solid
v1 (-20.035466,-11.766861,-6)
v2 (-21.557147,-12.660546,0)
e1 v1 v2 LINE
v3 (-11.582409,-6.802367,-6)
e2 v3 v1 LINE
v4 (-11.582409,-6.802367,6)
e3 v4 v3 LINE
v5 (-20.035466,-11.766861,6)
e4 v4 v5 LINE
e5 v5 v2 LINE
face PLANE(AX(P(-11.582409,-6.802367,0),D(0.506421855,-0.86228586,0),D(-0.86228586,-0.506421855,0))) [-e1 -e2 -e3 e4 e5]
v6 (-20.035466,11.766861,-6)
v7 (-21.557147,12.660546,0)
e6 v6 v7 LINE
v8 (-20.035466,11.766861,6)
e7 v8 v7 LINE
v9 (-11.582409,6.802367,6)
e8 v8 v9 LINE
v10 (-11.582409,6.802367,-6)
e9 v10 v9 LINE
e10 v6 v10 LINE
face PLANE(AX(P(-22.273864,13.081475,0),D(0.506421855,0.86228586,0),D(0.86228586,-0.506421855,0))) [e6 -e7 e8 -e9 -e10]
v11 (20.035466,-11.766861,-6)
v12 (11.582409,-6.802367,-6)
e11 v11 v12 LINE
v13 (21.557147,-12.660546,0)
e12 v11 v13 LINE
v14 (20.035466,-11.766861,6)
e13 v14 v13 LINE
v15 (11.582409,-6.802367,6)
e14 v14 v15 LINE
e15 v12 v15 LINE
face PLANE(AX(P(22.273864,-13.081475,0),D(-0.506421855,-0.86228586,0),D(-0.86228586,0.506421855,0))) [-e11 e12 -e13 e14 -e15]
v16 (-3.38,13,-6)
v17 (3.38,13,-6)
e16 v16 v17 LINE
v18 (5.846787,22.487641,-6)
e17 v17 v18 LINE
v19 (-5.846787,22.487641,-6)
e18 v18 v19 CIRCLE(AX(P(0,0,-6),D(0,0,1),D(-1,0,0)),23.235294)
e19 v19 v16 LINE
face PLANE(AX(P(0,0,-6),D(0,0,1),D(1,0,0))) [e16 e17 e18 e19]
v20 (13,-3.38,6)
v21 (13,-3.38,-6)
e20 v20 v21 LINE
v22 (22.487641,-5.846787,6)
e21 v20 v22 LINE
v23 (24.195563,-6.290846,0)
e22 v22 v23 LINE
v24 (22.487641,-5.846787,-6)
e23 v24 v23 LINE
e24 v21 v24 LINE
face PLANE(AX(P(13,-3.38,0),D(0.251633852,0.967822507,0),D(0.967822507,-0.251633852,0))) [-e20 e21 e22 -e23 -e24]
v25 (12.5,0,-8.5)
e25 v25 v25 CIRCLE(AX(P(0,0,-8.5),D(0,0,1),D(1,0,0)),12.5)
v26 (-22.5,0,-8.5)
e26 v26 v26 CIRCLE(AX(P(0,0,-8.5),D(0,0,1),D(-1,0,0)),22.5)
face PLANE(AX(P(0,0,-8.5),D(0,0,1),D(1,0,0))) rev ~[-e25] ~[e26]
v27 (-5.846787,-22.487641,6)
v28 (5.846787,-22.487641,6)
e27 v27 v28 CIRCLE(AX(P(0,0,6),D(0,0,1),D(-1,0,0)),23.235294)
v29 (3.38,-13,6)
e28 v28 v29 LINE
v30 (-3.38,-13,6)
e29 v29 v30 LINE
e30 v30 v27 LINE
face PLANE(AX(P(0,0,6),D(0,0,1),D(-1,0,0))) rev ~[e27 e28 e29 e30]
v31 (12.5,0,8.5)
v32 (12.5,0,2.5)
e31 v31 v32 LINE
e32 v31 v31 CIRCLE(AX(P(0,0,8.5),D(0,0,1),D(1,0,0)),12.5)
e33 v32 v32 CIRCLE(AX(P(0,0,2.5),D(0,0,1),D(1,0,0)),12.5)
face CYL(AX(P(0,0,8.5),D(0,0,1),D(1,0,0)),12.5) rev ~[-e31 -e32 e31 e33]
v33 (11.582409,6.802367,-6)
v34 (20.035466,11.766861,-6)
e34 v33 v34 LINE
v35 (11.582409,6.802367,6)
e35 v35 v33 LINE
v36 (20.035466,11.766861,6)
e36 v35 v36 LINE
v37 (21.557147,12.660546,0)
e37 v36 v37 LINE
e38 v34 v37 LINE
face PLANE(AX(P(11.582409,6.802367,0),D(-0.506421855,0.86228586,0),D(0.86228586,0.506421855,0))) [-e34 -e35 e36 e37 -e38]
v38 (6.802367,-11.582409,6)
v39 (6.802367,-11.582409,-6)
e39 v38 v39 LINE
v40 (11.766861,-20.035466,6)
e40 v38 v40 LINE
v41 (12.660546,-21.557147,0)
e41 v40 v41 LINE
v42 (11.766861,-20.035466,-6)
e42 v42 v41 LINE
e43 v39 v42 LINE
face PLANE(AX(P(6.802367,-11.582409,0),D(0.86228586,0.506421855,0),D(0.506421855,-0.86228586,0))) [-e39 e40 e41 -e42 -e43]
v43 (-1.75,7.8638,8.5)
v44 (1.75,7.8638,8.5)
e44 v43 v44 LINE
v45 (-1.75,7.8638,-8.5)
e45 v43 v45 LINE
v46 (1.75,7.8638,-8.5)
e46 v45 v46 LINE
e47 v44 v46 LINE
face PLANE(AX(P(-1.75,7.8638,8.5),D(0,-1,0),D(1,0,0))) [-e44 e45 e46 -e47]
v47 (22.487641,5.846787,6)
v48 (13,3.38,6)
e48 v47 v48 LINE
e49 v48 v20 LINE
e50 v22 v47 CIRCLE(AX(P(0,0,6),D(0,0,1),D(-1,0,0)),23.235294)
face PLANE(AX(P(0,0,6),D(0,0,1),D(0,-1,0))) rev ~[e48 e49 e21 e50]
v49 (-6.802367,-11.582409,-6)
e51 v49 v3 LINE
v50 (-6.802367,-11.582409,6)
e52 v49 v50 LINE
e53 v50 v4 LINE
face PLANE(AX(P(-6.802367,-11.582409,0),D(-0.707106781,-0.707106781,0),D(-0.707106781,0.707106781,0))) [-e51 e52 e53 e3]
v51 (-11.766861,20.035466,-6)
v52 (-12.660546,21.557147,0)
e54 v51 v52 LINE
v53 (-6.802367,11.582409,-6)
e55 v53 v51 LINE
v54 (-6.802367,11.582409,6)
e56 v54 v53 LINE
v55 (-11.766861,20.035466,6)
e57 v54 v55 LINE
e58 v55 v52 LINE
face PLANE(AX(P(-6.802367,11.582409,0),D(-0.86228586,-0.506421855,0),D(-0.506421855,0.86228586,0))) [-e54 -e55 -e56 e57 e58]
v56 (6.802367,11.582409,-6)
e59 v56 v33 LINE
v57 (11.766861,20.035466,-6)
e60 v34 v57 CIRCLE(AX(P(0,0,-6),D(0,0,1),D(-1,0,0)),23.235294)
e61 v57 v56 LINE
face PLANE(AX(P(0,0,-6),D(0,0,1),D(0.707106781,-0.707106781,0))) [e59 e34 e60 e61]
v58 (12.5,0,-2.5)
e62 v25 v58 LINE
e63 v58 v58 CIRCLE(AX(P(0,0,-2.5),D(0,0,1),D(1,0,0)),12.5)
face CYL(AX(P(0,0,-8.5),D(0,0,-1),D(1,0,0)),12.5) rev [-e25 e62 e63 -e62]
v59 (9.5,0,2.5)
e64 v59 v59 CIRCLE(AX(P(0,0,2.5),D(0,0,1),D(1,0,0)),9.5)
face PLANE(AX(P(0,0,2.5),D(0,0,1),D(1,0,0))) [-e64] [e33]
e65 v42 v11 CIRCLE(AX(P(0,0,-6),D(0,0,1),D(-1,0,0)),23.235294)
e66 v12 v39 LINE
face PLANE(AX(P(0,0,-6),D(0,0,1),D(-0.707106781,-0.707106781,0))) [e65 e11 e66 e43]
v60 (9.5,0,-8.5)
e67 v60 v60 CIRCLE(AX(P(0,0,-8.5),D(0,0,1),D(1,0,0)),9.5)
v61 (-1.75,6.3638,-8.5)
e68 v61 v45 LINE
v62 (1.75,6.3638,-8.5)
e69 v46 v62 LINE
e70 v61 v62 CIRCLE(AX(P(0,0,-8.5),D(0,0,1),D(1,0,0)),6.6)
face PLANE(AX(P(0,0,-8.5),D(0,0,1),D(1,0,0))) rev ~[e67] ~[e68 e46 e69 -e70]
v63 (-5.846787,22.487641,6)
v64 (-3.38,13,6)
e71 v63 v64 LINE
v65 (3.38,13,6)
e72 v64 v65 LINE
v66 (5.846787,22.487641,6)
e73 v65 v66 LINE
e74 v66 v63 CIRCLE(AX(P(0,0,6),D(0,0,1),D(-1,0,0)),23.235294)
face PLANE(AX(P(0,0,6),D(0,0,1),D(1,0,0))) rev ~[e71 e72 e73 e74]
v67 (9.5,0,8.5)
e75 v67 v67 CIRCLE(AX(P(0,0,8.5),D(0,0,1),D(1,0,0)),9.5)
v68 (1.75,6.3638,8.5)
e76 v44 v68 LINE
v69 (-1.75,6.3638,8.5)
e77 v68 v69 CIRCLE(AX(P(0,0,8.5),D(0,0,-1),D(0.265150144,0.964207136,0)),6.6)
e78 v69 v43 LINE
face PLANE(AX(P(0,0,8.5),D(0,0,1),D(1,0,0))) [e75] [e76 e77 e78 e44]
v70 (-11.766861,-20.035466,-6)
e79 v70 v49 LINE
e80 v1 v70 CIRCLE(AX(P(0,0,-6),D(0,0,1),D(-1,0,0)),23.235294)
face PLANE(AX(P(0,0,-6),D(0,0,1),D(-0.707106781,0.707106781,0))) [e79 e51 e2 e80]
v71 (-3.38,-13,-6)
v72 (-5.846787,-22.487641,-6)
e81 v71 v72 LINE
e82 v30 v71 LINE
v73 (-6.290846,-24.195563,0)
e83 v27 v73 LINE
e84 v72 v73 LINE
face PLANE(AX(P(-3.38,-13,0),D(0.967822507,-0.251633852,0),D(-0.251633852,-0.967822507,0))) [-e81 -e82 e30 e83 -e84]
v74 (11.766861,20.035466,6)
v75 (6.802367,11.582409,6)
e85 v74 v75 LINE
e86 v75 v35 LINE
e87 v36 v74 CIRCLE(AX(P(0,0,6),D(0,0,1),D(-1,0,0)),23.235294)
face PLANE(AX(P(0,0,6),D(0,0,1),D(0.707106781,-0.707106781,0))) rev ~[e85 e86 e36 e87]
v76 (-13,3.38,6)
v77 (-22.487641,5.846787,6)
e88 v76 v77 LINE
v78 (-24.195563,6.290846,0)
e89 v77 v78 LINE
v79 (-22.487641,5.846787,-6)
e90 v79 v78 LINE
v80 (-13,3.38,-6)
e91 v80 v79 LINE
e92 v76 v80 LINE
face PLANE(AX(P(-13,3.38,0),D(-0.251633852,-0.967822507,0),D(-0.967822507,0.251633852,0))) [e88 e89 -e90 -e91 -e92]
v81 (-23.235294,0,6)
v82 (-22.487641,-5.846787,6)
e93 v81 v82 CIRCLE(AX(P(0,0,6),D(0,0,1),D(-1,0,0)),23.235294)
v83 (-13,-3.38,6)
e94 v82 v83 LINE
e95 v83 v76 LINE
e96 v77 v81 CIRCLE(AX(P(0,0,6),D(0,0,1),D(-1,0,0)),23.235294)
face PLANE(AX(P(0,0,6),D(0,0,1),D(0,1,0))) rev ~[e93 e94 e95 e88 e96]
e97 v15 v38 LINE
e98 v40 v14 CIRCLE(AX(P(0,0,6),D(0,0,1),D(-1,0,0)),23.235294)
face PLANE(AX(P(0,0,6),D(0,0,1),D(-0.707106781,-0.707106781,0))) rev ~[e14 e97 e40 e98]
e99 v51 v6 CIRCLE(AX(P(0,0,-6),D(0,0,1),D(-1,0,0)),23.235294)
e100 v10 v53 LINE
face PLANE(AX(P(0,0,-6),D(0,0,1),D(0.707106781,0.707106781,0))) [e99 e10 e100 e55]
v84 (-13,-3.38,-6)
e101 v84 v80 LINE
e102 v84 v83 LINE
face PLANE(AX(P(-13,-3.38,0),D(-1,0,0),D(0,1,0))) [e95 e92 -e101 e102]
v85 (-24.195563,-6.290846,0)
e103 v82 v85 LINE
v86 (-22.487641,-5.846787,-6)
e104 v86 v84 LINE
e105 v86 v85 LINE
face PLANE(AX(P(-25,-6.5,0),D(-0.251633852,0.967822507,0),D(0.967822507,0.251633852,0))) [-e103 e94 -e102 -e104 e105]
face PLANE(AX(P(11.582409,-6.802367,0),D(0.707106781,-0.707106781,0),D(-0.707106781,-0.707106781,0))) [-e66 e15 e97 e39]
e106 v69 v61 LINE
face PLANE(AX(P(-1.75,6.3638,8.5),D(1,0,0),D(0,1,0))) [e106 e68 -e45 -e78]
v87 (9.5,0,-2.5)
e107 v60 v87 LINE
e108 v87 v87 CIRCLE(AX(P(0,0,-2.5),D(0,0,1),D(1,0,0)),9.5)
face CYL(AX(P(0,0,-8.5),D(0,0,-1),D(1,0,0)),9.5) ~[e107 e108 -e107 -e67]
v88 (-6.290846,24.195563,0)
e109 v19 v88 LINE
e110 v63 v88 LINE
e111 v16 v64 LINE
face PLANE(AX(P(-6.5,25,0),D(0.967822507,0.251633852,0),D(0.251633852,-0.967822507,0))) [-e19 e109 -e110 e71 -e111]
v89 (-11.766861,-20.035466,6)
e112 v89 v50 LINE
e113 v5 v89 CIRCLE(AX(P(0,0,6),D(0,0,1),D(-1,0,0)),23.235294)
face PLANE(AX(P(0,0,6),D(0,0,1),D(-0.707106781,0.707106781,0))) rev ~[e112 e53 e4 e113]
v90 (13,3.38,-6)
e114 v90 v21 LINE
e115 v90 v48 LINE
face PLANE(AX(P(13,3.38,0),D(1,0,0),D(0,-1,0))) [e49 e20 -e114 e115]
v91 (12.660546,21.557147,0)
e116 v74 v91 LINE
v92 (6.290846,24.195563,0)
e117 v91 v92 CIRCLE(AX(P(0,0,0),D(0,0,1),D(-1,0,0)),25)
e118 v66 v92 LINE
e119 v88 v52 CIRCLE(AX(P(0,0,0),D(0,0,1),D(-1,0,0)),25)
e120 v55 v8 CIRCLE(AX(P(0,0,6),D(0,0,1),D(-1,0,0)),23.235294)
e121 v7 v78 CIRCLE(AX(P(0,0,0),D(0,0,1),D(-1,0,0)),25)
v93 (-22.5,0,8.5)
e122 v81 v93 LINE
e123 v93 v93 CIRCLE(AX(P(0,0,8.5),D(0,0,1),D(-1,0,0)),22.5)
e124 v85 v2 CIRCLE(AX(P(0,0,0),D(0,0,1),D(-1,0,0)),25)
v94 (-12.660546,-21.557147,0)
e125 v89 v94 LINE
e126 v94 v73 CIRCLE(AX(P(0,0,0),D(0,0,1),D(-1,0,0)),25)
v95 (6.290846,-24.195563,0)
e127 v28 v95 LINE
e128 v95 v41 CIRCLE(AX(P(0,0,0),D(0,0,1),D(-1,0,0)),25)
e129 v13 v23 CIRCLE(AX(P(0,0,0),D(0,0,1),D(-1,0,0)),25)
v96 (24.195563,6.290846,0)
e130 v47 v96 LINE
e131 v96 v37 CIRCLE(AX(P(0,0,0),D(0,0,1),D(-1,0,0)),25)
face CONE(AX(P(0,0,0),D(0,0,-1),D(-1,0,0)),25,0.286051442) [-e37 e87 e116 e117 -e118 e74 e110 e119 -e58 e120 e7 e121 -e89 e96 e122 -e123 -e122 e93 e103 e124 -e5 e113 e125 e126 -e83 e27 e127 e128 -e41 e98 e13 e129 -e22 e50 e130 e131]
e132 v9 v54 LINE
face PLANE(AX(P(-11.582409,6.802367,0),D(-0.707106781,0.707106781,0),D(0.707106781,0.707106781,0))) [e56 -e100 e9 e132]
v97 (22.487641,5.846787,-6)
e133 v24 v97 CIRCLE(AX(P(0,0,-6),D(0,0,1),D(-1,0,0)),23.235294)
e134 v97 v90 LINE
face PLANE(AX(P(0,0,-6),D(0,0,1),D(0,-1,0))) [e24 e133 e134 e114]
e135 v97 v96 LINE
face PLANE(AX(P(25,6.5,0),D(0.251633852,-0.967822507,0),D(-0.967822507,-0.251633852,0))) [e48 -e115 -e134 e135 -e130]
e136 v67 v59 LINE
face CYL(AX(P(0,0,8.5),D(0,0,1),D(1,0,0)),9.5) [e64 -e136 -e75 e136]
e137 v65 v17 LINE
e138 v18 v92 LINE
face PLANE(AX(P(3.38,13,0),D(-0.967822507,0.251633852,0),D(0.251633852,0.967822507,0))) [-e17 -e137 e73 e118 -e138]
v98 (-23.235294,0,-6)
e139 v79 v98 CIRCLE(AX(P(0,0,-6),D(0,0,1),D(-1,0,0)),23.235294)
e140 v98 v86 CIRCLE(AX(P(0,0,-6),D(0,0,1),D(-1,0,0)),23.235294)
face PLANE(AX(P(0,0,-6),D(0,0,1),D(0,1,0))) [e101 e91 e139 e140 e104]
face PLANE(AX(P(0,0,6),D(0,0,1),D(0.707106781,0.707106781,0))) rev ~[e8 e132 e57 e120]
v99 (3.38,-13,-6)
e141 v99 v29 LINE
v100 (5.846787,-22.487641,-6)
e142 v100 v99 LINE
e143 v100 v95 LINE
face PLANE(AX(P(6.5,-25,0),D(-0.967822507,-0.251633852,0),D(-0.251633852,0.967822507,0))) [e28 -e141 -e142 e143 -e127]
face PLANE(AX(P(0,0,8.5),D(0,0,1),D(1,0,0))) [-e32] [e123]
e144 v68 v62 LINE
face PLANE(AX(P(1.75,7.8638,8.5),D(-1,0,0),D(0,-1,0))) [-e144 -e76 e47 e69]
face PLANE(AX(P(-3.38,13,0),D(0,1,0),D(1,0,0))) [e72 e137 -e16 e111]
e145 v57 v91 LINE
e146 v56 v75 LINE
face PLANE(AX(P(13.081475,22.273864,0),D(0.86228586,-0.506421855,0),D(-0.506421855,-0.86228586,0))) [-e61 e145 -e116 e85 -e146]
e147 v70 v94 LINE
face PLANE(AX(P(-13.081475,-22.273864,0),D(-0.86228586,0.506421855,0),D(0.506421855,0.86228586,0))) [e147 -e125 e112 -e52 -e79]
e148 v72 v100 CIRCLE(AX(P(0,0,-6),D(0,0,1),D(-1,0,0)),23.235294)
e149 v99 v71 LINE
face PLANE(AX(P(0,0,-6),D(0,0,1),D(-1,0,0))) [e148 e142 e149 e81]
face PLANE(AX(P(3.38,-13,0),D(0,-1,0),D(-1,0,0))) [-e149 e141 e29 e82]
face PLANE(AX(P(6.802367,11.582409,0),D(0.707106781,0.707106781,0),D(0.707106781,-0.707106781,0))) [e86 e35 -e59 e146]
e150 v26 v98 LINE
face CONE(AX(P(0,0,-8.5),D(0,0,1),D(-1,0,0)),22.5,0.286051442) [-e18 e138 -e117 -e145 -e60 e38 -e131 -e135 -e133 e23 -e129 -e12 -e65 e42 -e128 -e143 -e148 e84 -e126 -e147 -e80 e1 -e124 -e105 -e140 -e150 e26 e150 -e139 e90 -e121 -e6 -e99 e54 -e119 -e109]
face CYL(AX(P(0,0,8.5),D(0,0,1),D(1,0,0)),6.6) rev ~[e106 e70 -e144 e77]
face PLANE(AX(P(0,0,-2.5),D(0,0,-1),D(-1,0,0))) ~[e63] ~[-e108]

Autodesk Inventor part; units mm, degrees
ref_plane "YZ Plane" through (0, 0, 0) normal (1, 0, 0) x (0, 1, 0)
ref_plane "XZ Plane" through (0, 0, 0) normal (0, 1, 0) x (-1, 0, 0)
ref_plane "XY Plane" through (0, 0, 0) normal (0, 0, 1) x (1, 0, 0)
sketch "Sketch1" plane through (0, 0, 0) normal (0, 0, 1) x (1, 0, 0)
  circle A0 centre (0, 0) radius 22.5
  dimension "d0" = 45
extrude "Extrusion1" add sketch "Sketch1" along normal mid plane 17
sketch "Sketch2" plane through (0, 0, 8.5) normal (0, 0, 1) x (1, 0, 0)
  circle A0 centre (0, 0) radius 6.6
  line L0 (-1.75, 7.8638) -> (1.75, 7.8638)
  line L1 (1.75, 7.8638) -> (1.75, 6.3638)
  line L2 (1.75, 6.3638) -> (-1.75, 6.3638)
  line L3 (-1.75, 6.3638) -> (-1.75, 7.8638)
  dimension "d3" = 13.2
  dimension "d4" = 3.5
  dimension "d5" = 1.5
extrude "Extrusion2" cut sketch "Sketch2" against normal through all
sketch "Sketch3" plane through (0, 0, 8.5) normal (0, 0, 1) x (1, 0, 0)
  circle A0 centre (0, 0) radius 9.5
  circle A1 centre (0, 0) radius 12.5
  dimension "d8" = 19
  dimension "d9" = 3
extrude "Extrusion3" cut sketch "Sketch3" against normal blind 6
mirror "Mirror1" about plane through (0, 0, 0) normal (0, 0, 1) of "Extrusion3"
sketch "Sketch4" plane through (0, 0, 0) normal (0, 1, 0) x (-1, 0, 0)
  line L0 (22.5, -8.5) -> (22.5, 8.5) projected
  line L1 (22.5, -8.5) -> (25, 0)
  line L2 (25, 0) -> (22.5, 8.5)
  line L3 (-22.5, -8.5) -> (22.5, -8.5) projected
  line L4 (34.5, 0) -> (-32, 0) projected
  line L5 (0, -11.9) -> (0, 11.9) projected
  point P0 (0, 0)
  dimension "d12" = 2.5
revolve "Revolution1" add sketch "Sketch4" angle 360 about axis through (0, 0, -10) along (0, 0, 1) contours L0 L4 L1 | L0 L2 L4
sketch "Sketch5" plane through (0, 0, 0) normal (0, 0, 1) x (1, 0, 0)
  line L0 (-6.5, 25) -> (-3.38, 13)
  line L1 (-3.38, 13) -> (3.38, 13)
  line L2 (3.38, 13) -> (6.5, 25)
  line L3 (6.5, 25) -> (-6.5, 25)
  circle A0 centre (0, 0) radius 25 construction
  line L4 (0, -35) -> (0, 35) construction
  point P0 (0, 13)
  point P1 (0, 25)
  dimension "d14" = 13
  dimension "d15" = 12
extrude "Extrusion4" cut sketch "Sketch5" along normal mid plane 12
pattern_circular "Circular Pattern1" count 8 over 360 about axis through (0, 0, -10) along (0, 0, 1) of "Extrusion4"
sketch "Sketch6" plane through (0, 0, 0) normal (0, 0, 1) x (1, 0, 0)
  circle A0 centre (0, 0) radius 20.5
  dimension "d21" = 41
properties part number "omniwheel"
